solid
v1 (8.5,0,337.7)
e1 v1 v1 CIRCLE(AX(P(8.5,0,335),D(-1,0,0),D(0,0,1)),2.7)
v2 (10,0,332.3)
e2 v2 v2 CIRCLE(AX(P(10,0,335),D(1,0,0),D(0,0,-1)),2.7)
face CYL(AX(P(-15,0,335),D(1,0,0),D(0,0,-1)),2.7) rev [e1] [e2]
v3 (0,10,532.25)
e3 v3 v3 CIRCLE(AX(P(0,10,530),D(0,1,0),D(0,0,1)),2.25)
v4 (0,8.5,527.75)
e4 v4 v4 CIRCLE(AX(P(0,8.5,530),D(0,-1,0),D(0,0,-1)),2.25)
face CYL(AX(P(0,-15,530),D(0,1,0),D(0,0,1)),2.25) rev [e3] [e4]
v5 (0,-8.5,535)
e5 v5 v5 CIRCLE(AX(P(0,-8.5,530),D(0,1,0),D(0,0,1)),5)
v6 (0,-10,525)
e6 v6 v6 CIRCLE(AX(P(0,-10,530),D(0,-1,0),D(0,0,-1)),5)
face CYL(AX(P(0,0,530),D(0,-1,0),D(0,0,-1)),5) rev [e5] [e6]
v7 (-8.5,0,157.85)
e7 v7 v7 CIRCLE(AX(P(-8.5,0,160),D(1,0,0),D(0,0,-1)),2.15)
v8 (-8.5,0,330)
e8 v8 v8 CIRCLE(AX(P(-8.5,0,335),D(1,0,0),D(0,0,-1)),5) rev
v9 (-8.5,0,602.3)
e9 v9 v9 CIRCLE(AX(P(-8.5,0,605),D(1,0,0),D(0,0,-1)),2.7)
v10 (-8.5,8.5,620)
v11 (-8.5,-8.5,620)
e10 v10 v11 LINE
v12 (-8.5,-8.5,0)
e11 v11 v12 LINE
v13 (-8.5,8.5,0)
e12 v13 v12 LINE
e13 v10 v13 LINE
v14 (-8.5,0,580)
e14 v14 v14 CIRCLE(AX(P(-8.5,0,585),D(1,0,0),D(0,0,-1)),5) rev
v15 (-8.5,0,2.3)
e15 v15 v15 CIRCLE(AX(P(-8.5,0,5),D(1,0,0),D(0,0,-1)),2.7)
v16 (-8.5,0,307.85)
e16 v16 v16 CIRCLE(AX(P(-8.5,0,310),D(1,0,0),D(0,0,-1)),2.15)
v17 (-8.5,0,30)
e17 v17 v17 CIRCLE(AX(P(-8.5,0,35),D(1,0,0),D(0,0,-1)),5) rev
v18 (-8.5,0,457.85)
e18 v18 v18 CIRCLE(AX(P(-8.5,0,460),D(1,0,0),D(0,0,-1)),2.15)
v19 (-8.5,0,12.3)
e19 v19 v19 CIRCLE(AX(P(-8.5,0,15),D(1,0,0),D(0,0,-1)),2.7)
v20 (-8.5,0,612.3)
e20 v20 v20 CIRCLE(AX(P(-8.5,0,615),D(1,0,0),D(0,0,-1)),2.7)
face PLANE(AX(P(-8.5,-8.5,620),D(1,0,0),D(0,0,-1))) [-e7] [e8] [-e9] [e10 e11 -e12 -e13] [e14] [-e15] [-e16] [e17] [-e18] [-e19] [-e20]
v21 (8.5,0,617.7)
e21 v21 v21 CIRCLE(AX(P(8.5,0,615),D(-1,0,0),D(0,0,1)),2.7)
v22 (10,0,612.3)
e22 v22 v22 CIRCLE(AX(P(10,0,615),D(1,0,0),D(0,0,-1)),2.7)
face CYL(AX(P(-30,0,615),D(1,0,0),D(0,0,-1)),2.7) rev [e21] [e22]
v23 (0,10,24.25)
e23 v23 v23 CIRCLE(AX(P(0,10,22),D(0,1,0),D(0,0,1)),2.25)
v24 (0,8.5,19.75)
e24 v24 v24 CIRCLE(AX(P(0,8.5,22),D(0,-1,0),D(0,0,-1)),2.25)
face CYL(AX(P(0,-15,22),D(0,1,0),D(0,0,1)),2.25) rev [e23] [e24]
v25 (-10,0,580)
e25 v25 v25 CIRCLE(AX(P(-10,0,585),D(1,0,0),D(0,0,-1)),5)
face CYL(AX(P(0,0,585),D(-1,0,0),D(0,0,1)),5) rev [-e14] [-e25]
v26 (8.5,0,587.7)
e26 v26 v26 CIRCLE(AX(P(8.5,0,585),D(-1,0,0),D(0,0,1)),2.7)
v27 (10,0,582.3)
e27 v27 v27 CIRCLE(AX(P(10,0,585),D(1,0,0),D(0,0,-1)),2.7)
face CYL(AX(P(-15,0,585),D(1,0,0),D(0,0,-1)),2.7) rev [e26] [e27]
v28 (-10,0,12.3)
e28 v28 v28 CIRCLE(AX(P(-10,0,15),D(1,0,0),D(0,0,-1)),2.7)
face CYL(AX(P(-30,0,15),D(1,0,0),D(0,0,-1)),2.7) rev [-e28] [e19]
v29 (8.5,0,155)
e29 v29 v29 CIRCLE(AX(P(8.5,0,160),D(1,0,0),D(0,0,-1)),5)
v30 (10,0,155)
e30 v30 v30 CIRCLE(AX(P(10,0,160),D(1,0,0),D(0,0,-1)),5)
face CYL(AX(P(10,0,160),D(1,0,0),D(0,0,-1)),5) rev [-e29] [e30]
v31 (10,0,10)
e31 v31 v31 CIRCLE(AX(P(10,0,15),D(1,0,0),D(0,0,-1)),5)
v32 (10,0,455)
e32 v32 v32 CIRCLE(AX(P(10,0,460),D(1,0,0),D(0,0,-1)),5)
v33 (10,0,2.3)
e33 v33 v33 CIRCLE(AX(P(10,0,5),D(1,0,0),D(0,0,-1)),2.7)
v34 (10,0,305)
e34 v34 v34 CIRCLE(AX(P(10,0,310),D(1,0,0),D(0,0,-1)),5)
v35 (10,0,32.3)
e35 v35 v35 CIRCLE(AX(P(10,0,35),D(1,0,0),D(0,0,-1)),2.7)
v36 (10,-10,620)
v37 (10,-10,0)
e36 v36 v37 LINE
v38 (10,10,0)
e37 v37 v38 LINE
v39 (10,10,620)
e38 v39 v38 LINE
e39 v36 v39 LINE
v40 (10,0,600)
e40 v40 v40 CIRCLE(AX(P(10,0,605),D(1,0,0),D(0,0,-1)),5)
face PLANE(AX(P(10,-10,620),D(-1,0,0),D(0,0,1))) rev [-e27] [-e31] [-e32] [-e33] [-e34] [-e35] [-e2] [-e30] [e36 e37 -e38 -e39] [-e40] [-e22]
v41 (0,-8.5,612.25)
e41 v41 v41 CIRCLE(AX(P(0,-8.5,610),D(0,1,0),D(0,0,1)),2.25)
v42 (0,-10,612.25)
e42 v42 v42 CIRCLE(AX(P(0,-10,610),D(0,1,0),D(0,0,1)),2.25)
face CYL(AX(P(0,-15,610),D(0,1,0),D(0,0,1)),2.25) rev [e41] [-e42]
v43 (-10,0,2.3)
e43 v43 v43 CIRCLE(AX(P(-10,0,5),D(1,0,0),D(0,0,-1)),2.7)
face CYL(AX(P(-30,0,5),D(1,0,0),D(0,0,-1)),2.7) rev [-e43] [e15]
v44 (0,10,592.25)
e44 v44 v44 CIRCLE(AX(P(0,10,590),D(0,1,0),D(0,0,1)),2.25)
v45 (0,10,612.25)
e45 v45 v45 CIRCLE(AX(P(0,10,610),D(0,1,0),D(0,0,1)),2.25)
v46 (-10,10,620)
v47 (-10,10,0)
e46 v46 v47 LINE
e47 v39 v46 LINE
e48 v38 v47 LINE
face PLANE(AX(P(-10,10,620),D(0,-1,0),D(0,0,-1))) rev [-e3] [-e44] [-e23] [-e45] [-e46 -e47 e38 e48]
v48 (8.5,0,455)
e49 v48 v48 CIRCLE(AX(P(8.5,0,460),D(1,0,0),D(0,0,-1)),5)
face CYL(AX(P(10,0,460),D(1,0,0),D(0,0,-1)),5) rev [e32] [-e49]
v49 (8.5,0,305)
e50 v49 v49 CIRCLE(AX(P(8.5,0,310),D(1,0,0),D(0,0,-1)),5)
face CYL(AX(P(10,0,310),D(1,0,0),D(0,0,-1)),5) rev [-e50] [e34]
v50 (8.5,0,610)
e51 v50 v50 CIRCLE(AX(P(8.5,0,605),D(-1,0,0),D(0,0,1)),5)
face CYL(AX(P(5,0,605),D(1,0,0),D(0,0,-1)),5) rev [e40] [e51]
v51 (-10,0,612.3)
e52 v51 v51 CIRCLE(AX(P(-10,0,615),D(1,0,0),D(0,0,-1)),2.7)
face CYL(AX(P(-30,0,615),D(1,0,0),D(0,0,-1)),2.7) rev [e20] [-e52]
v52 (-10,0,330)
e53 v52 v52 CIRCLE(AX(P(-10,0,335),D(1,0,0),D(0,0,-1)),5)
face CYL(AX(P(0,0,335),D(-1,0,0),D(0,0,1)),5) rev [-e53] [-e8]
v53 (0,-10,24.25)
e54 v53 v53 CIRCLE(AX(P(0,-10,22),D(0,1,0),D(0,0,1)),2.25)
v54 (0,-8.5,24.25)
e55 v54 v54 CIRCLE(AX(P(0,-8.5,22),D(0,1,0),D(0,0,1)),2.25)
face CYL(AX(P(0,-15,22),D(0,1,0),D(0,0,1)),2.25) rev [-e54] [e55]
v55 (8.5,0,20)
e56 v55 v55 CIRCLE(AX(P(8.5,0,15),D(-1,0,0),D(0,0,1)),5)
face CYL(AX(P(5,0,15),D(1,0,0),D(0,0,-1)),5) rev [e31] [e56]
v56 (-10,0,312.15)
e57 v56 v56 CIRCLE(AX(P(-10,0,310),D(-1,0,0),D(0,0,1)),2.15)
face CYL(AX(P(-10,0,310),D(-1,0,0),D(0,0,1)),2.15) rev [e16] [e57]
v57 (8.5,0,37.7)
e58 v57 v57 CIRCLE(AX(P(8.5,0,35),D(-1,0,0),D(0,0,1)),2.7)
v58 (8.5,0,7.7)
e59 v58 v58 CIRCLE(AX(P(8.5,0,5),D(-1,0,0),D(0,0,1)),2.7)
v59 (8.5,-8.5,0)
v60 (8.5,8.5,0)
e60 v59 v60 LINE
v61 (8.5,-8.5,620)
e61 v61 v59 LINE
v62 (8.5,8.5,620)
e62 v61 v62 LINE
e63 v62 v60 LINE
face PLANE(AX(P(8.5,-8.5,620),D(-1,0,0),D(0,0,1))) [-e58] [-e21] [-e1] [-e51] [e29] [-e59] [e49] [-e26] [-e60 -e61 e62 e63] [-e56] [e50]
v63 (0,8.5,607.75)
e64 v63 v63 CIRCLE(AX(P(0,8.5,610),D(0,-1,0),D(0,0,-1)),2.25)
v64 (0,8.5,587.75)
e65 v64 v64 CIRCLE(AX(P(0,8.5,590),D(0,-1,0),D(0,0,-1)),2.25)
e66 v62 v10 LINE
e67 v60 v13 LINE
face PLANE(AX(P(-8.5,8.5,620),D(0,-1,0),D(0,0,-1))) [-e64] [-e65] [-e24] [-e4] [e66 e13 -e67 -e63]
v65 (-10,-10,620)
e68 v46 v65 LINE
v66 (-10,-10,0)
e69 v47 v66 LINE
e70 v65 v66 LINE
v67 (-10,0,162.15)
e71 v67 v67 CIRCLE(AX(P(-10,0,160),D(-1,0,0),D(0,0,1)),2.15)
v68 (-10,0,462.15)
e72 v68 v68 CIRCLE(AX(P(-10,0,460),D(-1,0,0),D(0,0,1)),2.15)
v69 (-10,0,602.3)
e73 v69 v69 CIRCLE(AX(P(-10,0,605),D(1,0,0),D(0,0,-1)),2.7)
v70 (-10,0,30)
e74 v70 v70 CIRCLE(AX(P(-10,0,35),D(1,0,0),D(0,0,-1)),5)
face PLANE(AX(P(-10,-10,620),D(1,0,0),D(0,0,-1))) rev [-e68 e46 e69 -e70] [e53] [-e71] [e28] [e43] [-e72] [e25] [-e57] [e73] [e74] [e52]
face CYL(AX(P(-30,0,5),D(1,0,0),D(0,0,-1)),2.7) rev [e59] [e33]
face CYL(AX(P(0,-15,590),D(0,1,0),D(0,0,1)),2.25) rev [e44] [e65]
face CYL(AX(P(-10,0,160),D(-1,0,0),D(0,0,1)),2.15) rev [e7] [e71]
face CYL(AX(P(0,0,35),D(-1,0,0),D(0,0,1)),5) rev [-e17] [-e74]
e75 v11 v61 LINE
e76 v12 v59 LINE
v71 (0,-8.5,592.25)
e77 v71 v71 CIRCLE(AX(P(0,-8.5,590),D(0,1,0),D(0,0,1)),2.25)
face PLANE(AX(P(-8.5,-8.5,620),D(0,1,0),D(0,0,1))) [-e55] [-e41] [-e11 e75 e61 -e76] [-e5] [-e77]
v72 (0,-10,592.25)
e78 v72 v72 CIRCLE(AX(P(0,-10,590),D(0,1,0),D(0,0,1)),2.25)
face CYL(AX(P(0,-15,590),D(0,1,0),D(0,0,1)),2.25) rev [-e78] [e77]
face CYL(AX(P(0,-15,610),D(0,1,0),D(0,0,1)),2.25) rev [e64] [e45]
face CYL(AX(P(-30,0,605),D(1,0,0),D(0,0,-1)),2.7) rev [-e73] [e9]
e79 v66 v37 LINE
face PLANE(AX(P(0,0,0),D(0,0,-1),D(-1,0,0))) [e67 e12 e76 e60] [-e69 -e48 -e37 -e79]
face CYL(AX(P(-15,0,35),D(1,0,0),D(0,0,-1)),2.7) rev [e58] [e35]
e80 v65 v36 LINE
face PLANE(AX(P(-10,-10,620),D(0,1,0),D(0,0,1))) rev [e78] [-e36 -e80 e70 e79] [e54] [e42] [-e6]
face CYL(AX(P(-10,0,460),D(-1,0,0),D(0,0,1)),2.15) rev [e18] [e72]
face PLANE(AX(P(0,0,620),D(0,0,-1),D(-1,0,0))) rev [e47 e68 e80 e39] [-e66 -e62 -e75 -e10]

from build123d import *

# Parameters (mm, degrees)
SKETCH_1_W                  = 20
SKETCH_1_H                  = 20
SKETCH_1_W_2                = 17
SKETCH_1_H_2                = 17
EXTRUDE_1_DEPTH             = 620
SKETCH_2_R                  = 2.7
CUT_EXTRUDE_1_DEPTH         = 25
SKETCH_3_R                  = 2.25
CUT_EXTRUDE_2_DEPTH         = 25
SKETCH_4_R                  = 2.7
CUT_EXTRUDE_3_DEPTH         = 40
SKETCH_6_R                  = 5
CUT_EXTRUDE_4_DEPTH         = 10
SKETCH_7_R                  = 5
CUT_EXTRUDE_5_DEPTH         = 10
SKETCH_8_R                  = 5
CUT_EXTRUDE_6_DEPTH         = 5
HOLE_WIZARD_4_3_4_3_1_D     = 4.3
HOLE_WIZARD_10_0_10_1_D     = 10
HOLE_WIZARD_10_0_10_1_DEPTH = 1.5


with BuildPart() as part:
    # ｽｹｯﾁ1 → ﾎﾞｽ - 押し出し1 (new body)
    with BuildSketch(Plane.XY):
        Rectangle(SKETCH_1_W, SKETCH_1_H)
        Rectangle(SKETCH_1_W_2, SKETCH_1_H_2, mode=Mode.SUBTRACT)
    extrude(amount=EXTRUDE_1_DEPTH)

    # ｽｹｯﾁ2 → ｶｯﾄ - 押し出し1 (cut)
    with BuildSketch(Plane(origin=(10, 0, 0), x_dir=(0, 0, -1), z_dir=(1, 0, 0))):
        with Locations((-585, 0)):
            Circle(SKETCH_2_R)
        with Locations((-35, 0)):
            Circle(SKETCH_2_R)
        with Locations((-335, 0)):
            Circle(SKETCH_2_R)
    extrude(amount=-CUT_EXTRUDE_1_DEPTH, mode=Mode.SUBTRACT)

    # ｽｹｯﾁ3 → ｶｯﾄ - 押し出し2 (cut)
    with BuildSketch(Plane(origin=(0, 10, 0), x_dir=(1, 0, 0), z_dir=(0, 1, 0))):
        with Locations((0, -22)):
            Circle(SKETCH_3_R)
        with Locations((0, -610)):
            Circle(SKETCH_3_R)
        with Locations((0, -530)):
            Circle(SKETCH_3_R)
        with Locations((0, -590)):
            Circle(SKETCH_3_R)
    extrude(amount=-CUT_EXTRUDE_2_DEPTH, mode=Mode.SUBTRACT)

    # ｽｹｯﾁ4 → ｶｯﾄ - 押し出し3 (cut)
    with BuildSketch(Plane(origin=(10, 0, 0), x_dir=(0, 0, -1), z_dir=(1, 0, 0))):
        with Locations((-15, 0)):
            Circle(SKETCH_4_R)
        with Locations((-5, 0)):
            Circle(SKETCH_4_R)
        with Locations((-615, 0)):
            Circle(SKETCH_4_R)
        with Locations((-605, 0)):
            Circle(SKETCH_4_R)
    extrude(amount=-CUT_EXTRUDE_3_DEPTH, mode=Mode.SUBTRACT)

    # ｽｹｯﾁ6 → ｶｯﾄ - 押し出し4 (cut)
    with BuildSketch(Plane(origin=(0, -10, 0), x_dir=(-1, 0, 0), z_dir=(0, -1, 0))):
        with Locations((0, -530)):
            Circle(SKETCH_6_R)
    extrude(amount=-CUT_EXTRUDE_4_DEPTH, mode=Mode.SUBTRACT)

    # ｽｹｯﾁ7 → ｶｯﾄ - 押し出し5 (cut)
    with BuildSketch(Plane(origin=(-10, 0, 0), x_dir=(0, 0, -1), z_dir=(1, 0, 0))):
        with Locations((-585, 0)):
            Circle(SKETCH_7_R)
        with Locations((-335, 0)):
            Circle(SKETCH_7_R)
        with Locations((-35, 0)):
            Circle(SKETCH_7_R)
    extrude(amount=CUT_EXTRUDE_5_DEPTH, mode=Mode.SUBTRACT)

    # ｽｹｯﾁ8 → ｶｯﾄ - 押し出し6 (cut)
    with BuildSketch(Plane(origin=(10, 0, 0), x_dir=(0, 0, -1), z_dir=(1, 0, 0))):
        with Locations((-605, 0)):
            Circle(SKETCH_8_R)
        with Locations((-15, 0)):
            Circle(SKETCH_8_R)
    extrude(amount=-CUT_EXTRUDE_6_DEPTH, mode=Mode.SUBTRACT)

    # Ø4.3 (4.3) 直径の穴1 (through all)
    with Locations(Plane(origin=(-10, 0, 0), x_dir=(0, 0, -1), z_dir=(-1, 0, 0))):
        with Locations((-460, 0), (-310, 0), (-160, 0)):
            Hole(HOLE_WIZARD_4_3_4_3_1_D / 2)

    # Ø10.0 (10) 直径の穴1
    with Locations(Plane(origin=(10, 0, 0), x_dir=(0, 0, -1), z_dir=(1, 0, 0))):
        with Locations((-460, 0), (-310, 0), (-160, 0)):
            Hole(HOLE_WIZARD_10_0_10_1_D / 2, depth=HOLE_WIZARD_10_0_10_1_DEPTH)


solid = part.part
